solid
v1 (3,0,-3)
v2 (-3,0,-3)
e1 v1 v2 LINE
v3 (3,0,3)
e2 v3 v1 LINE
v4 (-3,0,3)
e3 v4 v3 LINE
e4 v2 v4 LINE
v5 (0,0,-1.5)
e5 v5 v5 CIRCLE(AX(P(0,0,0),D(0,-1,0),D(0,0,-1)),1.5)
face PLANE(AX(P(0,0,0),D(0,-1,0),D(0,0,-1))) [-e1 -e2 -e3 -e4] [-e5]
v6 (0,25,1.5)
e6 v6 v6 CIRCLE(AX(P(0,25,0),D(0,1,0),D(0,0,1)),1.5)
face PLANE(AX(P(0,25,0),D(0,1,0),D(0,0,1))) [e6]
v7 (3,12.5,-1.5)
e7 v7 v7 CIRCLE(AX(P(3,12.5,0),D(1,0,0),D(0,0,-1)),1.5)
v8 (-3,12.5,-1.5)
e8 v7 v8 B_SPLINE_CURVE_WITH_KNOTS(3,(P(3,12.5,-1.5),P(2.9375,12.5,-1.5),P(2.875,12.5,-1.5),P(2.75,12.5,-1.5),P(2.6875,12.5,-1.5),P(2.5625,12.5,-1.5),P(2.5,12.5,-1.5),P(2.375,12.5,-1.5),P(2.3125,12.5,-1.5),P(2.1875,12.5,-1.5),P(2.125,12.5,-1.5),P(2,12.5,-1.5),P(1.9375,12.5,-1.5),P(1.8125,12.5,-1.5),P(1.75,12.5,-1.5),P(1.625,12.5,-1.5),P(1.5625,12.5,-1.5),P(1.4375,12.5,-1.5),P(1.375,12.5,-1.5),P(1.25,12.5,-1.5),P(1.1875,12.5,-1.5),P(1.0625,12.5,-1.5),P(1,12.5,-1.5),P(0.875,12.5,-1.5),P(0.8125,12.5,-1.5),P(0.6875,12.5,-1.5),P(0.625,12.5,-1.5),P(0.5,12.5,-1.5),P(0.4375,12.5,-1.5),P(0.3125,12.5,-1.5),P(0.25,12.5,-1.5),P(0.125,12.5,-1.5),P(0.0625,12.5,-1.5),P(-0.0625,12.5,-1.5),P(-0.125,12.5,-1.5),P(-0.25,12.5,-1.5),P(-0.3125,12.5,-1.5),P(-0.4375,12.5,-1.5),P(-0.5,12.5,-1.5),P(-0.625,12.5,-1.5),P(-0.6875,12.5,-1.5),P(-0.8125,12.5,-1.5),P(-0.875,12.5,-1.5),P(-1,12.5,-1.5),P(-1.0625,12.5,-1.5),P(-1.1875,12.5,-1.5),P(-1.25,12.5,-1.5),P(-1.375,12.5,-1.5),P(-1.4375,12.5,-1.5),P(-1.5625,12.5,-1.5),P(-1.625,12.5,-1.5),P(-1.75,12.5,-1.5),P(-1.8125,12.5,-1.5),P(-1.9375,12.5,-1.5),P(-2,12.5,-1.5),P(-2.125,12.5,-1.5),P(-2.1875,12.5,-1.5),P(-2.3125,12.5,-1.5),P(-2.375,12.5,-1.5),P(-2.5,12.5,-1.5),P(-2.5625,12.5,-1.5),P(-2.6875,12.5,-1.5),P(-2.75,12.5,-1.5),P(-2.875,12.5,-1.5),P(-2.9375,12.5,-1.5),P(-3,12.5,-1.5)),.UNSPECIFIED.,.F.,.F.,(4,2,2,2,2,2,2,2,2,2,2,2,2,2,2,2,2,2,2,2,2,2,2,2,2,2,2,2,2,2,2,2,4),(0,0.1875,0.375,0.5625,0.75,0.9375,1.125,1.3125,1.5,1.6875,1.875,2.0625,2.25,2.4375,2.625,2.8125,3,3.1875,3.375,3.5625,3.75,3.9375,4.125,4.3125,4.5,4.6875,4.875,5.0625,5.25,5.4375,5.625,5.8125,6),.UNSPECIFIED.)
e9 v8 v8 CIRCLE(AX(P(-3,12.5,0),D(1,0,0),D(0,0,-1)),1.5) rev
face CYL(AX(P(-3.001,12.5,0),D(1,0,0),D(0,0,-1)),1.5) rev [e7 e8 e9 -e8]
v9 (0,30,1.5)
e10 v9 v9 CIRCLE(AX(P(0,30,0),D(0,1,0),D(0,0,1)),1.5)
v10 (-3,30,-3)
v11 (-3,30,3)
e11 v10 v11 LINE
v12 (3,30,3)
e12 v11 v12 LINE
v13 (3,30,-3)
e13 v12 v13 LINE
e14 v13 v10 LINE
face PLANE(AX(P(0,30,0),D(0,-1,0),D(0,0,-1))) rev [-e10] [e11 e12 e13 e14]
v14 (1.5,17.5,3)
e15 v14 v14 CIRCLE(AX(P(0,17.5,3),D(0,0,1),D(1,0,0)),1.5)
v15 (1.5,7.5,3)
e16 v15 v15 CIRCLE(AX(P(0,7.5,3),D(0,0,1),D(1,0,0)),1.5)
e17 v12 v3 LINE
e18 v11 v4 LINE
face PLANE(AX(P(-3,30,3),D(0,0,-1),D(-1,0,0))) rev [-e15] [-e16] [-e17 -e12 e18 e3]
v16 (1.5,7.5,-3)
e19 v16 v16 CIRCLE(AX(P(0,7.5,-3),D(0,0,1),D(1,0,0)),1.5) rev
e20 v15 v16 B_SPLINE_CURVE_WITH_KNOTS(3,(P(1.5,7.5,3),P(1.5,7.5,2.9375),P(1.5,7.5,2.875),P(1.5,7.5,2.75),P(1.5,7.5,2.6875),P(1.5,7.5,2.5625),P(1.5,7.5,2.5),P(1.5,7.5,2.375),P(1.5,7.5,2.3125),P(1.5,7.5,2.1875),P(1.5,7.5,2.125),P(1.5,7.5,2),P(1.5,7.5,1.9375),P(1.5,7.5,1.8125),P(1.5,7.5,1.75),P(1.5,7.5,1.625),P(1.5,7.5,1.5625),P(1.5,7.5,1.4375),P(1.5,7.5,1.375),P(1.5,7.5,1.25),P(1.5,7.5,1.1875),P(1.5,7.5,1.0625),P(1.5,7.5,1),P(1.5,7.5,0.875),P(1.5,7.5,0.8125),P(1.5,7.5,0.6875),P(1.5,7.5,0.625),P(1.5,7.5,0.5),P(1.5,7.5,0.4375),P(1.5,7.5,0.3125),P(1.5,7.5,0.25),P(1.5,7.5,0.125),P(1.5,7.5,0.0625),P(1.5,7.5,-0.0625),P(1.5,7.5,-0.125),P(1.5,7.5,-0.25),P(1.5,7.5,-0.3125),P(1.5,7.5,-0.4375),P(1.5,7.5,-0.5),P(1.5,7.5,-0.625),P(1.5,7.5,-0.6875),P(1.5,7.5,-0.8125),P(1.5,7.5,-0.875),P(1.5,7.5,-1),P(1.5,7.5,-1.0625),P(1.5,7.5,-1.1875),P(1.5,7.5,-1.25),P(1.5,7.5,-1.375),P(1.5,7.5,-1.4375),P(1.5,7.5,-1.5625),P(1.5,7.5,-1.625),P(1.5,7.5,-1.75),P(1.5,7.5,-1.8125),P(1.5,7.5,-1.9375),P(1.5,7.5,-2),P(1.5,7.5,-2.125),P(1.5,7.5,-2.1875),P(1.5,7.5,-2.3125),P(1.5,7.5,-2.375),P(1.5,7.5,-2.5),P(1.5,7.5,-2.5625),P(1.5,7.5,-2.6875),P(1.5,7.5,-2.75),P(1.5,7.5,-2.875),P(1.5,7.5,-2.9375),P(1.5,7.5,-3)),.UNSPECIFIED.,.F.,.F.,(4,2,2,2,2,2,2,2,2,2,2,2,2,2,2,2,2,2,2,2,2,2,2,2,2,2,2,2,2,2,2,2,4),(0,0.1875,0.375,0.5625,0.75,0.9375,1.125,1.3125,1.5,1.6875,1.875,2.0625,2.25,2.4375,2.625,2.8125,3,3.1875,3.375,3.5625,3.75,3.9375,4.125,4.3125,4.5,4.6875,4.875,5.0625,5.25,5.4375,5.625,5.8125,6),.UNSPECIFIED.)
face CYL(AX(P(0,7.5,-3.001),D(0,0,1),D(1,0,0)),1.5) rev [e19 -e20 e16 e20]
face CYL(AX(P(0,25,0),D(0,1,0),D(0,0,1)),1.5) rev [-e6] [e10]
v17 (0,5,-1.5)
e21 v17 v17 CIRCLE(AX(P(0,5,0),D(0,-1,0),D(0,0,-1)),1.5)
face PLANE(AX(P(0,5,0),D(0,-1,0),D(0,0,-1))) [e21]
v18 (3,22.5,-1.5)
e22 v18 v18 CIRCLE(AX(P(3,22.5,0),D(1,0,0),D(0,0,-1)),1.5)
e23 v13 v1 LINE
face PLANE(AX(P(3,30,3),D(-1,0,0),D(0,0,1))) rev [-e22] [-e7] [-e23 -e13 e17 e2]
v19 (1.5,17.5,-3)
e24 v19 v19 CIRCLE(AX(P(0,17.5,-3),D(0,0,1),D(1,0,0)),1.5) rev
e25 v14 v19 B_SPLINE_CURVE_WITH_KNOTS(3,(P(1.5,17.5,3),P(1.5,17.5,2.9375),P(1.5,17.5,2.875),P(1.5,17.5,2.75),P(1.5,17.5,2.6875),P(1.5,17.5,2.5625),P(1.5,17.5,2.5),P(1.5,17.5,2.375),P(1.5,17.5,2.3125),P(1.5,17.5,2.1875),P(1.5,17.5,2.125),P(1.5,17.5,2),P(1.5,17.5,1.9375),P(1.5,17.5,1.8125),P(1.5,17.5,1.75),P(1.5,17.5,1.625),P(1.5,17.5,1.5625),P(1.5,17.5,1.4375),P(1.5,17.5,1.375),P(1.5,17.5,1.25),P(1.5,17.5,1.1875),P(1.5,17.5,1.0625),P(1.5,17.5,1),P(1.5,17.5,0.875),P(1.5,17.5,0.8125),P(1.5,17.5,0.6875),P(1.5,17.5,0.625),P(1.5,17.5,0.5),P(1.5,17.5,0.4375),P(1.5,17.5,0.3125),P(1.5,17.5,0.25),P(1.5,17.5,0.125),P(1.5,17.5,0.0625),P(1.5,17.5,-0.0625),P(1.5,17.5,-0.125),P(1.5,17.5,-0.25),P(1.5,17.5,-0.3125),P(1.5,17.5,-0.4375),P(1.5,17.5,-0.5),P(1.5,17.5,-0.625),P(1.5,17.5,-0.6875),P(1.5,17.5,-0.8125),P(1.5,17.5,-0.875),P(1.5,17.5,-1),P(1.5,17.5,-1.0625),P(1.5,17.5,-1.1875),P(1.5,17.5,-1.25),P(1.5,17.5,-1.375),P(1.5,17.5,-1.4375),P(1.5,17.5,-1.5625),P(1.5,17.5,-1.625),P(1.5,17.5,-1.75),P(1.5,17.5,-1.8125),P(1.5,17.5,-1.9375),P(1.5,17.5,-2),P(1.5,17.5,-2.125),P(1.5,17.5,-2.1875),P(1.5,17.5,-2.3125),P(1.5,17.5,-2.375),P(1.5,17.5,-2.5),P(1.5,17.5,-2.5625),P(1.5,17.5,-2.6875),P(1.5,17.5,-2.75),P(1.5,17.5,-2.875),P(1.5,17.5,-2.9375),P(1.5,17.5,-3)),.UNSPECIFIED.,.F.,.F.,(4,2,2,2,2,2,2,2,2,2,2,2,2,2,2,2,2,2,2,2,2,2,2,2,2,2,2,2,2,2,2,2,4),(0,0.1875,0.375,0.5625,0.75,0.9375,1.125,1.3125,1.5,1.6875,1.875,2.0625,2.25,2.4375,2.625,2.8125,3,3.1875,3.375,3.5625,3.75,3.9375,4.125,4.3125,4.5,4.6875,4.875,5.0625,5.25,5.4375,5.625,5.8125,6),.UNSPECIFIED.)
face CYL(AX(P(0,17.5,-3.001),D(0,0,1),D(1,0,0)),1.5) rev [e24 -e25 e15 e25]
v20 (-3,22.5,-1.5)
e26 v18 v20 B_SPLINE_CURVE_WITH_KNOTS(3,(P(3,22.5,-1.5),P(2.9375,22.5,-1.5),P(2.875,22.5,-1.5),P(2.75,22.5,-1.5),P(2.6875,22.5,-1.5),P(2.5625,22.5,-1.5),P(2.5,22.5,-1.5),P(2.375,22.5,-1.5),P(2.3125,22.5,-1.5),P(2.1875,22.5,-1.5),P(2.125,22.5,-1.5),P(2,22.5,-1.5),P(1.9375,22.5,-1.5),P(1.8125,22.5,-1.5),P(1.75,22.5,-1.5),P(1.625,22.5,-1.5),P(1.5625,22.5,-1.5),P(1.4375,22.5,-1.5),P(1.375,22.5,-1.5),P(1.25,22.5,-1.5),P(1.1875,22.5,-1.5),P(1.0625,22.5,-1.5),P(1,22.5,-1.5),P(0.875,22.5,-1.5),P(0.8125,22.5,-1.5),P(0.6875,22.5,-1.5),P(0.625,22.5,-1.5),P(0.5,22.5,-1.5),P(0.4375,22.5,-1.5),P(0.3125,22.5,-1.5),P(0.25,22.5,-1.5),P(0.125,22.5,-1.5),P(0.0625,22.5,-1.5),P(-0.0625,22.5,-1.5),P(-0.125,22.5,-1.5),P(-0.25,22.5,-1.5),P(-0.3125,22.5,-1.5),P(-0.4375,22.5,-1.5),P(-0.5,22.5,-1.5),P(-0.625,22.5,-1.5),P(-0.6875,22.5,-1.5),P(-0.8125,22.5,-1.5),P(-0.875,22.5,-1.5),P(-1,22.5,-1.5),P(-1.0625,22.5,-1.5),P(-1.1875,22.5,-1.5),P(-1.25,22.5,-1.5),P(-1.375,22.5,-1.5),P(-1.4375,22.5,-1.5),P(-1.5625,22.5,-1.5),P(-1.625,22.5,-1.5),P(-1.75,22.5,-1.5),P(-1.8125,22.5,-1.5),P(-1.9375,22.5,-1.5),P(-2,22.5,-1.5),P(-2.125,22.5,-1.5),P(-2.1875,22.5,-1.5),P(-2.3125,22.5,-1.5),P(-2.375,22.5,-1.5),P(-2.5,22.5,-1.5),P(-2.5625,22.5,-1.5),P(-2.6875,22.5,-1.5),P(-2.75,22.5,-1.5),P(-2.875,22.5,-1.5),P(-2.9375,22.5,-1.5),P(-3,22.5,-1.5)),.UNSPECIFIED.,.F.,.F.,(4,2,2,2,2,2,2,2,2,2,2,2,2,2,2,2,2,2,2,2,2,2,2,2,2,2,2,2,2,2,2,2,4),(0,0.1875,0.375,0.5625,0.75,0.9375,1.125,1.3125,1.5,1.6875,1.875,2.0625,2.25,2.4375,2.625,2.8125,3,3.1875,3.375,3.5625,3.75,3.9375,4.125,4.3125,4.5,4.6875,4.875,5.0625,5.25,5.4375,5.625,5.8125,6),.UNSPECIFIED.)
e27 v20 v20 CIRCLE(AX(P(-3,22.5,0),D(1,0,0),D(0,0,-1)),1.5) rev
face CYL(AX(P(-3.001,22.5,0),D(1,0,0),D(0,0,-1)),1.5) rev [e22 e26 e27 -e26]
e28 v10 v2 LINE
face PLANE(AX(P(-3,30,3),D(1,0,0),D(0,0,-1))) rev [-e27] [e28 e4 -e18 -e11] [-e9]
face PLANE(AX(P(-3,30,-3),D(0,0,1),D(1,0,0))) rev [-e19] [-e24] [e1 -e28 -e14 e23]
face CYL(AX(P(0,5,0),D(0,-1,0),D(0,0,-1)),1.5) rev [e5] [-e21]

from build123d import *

# Parameters (mm, degrees)
SKETCH_1_W          = 6
SKETCH_1_H          = 6
EXTRUDE_1_DEPTH     = 30
CUT_EXTRUDE_1_REACH = 32.741
SKETCH_2_R          = 1.5
CUT_EXTRUDE_2_REACH = 32.741
SKETCH_3_R          = 1.5
SKETCH_4_R          = 1.5
CUT_EXTRUDE_3_DEPTH = 5
CUT_EXTRUDE_START   = -5
SKETCH_5_R          = 1.5
CUT_EXTRUDE_4_DEPTH = 5


with BuildPart() as part:
    # 草图1 → 凸台-拉伸1 (new body)
    with BuildSketch(Plane(origin=(0, 0, 0), x_dir=(1, 0, 0), z_dir=(0, 1, 0))):
        Rectangle(SKETCH_1_W, SKETCH_1_H)
    extrude(amount=EXTRUDE_1_DEPTH)

    # 草图2 → 切除-拉伸1 (cut, up to next)
    with BuildSketch(Plane.XY.offset(3), mode=Mode.PRIVATE) as cut_extrude_1_sk1:
        with Locations((0, 17.5)):
            Circle(SKETCH_2_R)
    cut_extrude_1_tool1 = extrude(cut_extrude_1_sk1.sketch, amount=-CUT_EXTRUDE_1_REACH, mode=Mode.PRIVATE) & part.part
    # 草图2 → 切除-拉伸1 (cut, up to next)
    with BuildSketch(Plane.XY.offset(3), mode=Mode.PRIVATE) as cut_extrude_1_sk2:
        with Locations((0, 7.5)):
            Circle(SKETCH_2_R)
    cut_extrude_1_tool2 = extrude(cut_extrude_1_sk2.sketch, amount=-CUT_EXTRUDE_1_REACH, mode=Mode.PRIVATE) & part.part
    add(cut_extrude_1_tool1.solids().sort_by_distance((0, 17.5, 3))[0], mode=Mode.SUBTRACT)
    add(cut_extrude_1_tool2.solids().sort_by_distance((0, 7.5, 3))[0], mode=Mode.SUBTRACT)

    # 草图3 → 切除-拉伸2 (cut, up to next)
    with BuildSketch(Plane(origin=(3, 0, 0), x_dir=(0, 0, -1), z_dir=(1, 0, 0)), mode=Mode.PRIVATE) as cut_extrude_2_sk1:
        with Locations((0, 22.5)):
            Circle(SKETCH_3_R)
    cut_extrude_2_tool1 = extrude(cut_extrude_2_sk1.sketch, amount=-CUT_EXTRUDE_2_REACH, mode=Mode.PRIVATE) & part.part
    # 草图3 → 切除-拉伸2 (cut, up to next)
    with BuildSketch(Plane(origin=(3, 0, 0), x_dir=(0, 0, -1), z_dir=(1, 0, 0)), mode=Mode.PRIVATE) as cut_extrude_2_sk2:
        with Locations((0, 12.5)):
            Circle(SKETCH_3_R)
    cut_extrude_2_tool2 = extrude(cut_extrude_2_sk2.sketch, amount=-CUT_EXTRUDE_2_REACH, mode=Mode.PRIVATE) & part.part
    add(cut_extrude_2_tool1.solids().sort_by_distance((3, 22.5, 0))[0], mode=Mode.SUBTRACT)
    add(cut_extrude_2_tool2.solids().sort_by_distance((3, 12.5, 0))[0], mode=Mode.SUBTRACT)

    # 草图4 → 切除-拉伸3 (cut)
    with BuildSketch(Plane(origin=(0, 30, 0), x_dir=(1, 0, 0), z_dir=(0, 1, 0))):
        with Locations(Location((0, 0, 0), (0, 0, 270))):
            Circle(SKETCH_4_R)
    extrude(amount=-CUT_EXTRUDE_3_DEPTH, mode=Mode.SUBTRACT)

    # 草图5 → 切除-拉伸4 (cut)
    with BuildSketch(Plane.XZ.offset(CUT_EXTRUDE_START)):
        with Locations(Location((0, 0, 0), (0, 0, 90))):
            Circle(SKETCH_5_R)
    extrude(amount=CUT_EXTRUDE_4_DEPTH, mode=Mode.SUBTRACT)


solid = part.part
